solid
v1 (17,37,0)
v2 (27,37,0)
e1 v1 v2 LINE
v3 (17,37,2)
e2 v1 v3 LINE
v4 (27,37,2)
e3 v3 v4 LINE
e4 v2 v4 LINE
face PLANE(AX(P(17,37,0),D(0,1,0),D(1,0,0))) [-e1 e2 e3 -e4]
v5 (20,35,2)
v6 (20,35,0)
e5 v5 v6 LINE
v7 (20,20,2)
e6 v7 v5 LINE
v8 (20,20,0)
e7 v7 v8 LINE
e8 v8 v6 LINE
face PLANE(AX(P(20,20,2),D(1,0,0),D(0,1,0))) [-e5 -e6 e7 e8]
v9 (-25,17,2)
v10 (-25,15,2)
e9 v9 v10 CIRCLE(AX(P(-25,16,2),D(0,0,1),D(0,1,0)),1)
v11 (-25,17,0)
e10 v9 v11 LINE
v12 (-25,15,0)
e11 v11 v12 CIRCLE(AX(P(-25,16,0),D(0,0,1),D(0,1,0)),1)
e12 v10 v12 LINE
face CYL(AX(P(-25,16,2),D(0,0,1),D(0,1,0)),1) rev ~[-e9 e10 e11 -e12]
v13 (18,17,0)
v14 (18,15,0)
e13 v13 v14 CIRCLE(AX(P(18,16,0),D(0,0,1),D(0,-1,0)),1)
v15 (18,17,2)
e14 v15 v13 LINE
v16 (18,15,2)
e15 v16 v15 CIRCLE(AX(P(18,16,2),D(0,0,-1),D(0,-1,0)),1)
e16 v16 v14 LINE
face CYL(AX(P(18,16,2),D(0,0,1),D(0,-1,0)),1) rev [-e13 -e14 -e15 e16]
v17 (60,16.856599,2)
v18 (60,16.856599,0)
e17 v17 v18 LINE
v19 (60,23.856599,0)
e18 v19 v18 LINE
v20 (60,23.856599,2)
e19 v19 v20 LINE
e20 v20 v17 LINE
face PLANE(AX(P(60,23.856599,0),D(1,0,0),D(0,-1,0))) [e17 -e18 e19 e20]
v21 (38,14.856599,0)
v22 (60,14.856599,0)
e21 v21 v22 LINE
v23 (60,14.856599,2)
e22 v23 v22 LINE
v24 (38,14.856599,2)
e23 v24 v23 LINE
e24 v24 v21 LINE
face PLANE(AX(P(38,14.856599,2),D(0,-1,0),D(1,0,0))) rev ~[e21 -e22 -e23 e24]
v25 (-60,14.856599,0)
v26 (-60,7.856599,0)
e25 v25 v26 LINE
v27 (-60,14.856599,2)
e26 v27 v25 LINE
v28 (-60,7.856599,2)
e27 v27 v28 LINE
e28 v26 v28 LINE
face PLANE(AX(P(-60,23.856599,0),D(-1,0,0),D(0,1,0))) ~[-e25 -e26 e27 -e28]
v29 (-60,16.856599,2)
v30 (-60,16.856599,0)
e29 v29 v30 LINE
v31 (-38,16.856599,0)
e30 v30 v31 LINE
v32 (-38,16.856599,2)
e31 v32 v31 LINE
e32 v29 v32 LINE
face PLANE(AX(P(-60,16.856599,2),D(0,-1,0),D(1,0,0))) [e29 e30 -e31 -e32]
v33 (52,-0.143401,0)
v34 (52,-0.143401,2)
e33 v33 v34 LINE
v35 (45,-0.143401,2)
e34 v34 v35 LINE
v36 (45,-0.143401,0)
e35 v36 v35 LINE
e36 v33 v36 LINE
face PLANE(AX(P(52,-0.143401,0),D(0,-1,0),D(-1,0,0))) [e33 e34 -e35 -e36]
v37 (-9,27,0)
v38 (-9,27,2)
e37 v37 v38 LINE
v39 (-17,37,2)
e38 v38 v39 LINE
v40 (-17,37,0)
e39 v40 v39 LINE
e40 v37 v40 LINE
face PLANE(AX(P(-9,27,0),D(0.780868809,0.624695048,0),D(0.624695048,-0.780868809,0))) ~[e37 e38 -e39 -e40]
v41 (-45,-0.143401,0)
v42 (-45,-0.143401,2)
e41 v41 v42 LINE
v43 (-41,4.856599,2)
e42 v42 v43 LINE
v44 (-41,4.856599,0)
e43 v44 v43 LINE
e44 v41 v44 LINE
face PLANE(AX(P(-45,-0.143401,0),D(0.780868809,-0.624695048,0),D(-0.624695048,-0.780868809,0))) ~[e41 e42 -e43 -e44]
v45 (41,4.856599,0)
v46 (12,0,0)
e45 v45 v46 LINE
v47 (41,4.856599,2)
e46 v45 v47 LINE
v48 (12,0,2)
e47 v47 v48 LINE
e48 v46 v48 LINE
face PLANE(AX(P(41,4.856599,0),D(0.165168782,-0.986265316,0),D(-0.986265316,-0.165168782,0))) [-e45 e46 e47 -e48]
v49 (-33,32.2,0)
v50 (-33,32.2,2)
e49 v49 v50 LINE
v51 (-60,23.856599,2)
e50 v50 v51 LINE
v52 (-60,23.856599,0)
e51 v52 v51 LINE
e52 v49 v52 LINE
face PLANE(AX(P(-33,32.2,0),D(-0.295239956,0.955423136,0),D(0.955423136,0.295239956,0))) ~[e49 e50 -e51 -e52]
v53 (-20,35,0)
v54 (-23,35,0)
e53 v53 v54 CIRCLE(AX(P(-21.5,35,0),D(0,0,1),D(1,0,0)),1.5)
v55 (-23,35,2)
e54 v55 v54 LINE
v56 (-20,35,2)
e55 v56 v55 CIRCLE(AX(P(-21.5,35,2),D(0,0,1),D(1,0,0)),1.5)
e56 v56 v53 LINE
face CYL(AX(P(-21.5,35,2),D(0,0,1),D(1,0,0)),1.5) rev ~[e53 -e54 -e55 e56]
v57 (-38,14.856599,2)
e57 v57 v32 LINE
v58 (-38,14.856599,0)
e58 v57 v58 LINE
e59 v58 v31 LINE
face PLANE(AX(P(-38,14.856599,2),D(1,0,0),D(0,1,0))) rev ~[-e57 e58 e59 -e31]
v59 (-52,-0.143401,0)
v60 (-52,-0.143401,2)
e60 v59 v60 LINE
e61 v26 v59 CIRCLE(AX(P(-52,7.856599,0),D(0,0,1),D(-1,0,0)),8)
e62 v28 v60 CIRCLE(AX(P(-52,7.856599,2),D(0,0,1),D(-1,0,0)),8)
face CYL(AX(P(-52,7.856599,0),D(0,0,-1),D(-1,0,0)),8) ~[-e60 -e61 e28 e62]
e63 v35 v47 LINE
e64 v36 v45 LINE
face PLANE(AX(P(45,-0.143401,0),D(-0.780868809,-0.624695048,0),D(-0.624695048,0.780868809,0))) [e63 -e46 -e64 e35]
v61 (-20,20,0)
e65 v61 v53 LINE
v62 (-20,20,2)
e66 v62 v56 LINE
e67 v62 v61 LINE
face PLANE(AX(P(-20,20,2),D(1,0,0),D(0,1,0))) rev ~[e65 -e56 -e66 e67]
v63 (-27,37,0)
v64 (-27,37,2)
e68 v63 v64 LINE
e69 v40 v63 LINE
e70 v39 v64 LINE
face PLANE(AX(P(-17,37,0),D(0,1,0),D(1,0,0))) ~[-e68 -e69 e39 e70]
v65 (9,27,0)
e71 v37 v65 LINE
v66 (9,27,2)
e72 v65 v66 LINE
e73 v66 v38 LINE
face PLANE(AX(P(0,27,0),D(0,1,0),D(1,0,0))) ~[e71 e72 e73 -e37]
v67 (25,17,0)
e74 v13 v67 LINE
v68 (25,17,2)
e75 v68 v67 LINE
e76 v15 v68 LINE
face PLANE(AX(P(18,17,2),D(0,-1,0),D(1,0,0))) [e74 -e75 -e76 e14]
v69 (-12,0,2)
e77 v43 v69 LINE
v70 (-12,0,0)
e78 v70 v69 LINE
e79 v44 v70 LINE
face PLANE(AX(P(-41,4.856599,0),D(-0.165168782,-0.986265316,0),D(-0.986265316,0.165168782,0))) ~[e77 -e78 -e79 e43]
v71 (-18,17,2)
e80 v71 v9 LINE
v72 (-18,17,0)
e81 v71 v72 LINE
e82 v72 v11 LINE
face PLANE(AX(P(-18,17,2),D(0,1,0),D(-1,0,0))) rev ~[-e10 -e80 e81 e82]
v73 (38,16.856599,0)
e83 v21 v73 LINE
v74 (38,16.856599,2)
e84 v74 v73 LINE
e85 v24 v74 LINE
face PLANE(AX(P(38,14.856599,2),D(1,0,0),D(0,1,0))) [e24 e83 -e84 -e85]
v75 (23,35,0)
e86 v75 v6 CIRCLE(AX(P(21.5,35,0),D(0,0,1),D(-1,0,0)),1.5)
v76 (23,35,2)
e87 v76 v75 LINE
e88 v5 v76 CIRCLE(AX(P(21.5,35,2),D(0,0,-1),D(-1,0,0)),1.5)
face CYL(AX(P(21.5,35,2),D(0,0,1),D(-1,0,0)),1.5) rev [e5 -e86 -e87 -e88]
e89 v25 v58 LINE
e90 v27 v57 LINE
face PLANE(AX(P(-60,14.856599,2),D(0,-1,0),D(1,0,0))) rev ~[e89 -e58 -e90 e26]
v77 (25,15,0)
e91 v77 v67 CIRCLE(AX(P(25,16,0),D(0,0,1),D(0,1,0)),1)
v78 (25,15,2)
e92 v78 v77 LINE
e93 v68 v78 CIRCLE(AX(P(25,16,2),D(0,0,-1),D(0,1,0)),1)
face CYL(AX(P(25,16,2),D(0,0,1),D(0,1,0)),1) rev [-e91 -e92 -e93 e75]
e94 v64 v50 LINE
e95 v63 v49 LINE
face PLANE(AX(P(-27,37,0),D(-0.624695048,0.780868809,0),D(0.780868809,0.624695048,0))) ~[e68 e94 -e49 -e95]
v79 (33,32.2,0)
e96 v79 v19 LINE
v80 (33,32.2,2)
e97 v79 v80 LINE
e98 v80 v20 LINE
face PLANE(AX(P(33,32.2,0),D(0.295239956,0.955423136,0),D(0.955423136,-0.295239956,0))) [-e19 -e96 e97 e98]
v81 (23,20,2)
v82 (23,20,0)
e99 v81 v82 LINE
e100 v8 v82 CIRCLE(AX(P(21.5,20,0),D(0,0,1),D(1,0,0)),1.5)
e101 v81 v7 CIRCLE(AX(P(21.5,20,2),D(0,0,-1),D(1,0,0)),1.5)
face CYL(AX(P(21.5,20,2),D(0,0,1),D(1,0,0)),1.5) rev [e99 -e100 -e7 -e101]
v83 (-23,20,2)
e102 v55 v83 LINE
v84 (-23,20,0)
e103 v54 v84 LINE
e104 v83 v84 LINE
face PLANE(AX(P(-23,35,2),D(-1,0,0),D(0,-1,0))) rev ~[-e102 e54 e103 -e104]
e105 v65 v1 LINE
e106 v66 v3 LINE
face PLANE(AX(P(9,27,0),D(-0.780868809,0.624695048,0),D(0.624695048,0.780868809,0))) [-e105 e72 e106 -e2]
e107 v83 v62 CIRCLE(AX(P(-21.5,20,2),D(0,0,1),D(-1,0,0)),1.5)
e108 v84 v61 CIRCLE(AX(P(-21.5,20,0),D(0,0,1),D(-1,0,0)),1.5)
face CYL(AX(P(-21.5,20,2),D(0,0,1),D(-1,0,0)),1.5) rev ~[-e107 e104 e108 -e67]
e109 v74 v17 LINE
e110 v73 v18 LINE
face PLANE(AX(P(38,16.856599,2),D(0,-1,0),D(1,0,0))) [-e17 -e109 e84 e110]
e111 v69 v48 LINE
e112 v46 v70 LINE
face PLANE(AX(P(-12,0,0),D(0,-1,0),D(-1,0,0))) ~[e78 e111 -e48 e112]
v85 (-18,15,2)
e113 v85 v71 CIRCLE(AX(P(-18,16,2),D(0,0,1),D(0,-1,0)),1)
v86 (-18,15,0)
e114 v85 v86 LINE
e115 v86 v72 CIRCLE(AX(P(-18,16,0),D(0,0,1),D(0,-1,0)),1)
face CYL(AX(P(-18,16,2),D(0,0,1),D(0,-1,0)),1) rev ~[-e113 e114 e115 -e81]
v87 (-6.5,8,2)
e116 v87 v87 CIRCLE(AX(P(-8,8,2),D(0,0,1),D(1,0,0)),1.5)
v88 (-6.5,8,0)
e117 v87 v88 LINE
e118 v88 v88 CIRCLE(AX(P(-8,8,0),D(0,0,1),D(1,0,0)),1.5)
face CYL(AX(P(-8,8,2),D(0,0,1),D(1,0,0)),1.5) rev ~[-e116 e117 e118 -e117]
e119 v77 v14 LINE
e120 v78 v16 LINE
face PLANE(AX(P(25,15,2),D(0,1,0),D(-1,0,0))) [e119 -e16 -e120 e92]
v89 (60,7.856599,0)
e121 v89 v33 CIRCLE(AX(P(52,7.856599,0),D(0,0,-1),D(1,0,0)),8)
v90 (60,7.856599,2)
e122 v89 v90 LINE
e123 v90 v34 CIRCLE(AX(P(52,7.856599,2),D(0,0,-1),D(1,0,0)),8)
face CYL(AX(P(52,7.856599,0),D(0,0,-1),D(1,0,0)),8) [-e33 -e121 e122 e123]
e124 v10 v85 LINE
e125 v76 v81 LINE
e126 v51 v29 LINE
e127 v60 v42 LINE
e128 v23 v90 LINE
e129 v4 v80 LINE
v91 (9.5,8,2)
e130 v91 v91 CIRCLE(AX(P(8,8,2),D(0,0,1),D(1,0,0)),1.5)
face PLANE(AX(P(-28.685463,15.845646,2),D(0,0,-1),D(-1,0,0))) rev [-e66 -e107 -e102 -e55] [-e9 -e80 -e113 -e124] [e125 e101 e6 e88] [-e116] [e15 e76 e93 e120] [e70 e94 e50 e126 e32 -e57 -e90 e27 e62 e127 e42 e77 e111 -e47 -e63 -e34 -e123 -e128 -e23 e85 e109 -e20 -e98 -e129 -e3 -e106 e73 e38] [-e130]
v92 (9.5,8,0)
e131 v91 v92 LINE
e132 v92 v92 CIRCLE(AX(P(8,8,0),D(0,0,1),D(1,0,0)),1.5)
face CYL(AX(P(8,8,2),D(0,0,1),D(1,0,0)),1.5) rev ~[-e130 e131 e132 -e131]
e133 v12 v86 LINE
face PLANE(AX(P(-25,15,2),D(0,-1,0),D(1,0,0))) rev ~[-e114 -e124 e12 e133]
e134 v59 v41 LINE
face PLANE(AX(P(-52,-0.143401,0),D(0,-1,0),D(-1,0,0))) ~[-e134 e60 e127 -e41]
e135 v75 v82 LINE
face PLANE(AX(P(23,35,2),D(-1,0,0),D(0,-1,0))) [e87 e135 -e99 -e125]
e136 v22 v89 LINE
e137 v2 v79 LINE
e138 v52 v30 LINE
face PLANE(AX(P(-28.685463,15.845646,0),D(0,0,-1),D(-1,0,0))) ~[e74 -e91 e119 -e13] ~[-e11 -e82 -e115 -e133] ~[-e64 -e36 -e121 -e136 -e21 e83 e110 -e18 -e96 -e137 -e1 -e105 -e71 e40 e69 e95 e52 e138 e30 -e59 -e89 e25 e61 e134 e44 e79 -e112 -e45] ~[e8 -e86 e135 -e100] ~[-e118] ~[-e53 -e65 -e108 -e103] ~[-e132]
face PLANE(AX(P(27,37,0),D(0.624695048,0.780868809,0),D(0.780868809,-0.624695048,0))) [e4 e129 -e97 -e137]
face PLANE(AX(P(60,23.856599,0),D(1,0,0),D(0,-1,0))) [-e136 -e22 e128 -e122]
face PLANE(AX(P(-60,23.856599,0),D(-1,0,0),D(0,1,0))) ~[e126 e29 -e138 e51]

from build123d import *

# Parameters (mm, degrees)
RESSALTO_EXTRUS_O1_DEPTH = 2
ESBO_O2_R                = 1.5
ESBO_O2_W                = 22
ESBO_O2_H                = 2
CORTE_EXTRUS_O1_DEPTH    = 3


with BuildPart() as part:
    # Esboço1 → Ressalto-extrusão1 (new body)
    with BuildSketch(Plane.XY):
        with BuildLine():
            Line((52, -0.143401487), (45, -0.143401487))
            Line((45, -0.143401487), (41, 4.856598513))
            Line((41, 4.856598513), (12, 0))
            Line((12, 0), (0, 0))
            Line((0, 0), (0, 27))
            Line((0, 27), (9, 27))
            Line((9, 27), (17, 37))
            Line((17, 37), (27, 37))
            Line((27, 37), (33, 32.2))
            Line((33, 32.2), (60, 23.856598513))
            Line((60, 23.856598513), (60, 7.856598513))
            ThreePointArc((60, 7.856598513), (57.656854249, 2.199744264), (52, -0.143401487))
        make_face()
    ressalto_extrus_o1 = extrude(amount=RESSALTO_EXTRUS_O1_DEPTH)

    # Espelhar1: Ressalto-extrusão1 across plane
    add(ressalto_extrus_o1.mirror(Plane(origin=(0, 0, 0), x_dir=(0, 0, 1), z_dir=(1, 0, 0))))

    # Esboço2 → Corte-extrusão1 (cut, through all)
    with BuildSketch(Plane.XY.offset(2)):
        with Locations((8, 8)):
            Circle(ESBO_O2_R)
        with Locations((-8, 8)):
            Circle(ESBO_O2_R)
        with Locations((49, 15.856598513)):
            Rectangle(ESBO_O2_W, ESBO_O2_H)
        with BuildLine():
            Line((23, 35), (23, 20))
            ThreePointArc((23, 20), (21.5, 18.5), (20, 20))
            Line((20, 20), (20, 35))
            ThreePointArc((20, 35), (21.5, 36.5), (23, 35))
        make_face()
        with BuildLine():
            Line((25, 15), (18, 15))
            ThreePointArc((18, 15), (17, 16), (18, 17))
            Line((18, 17), (25, 17))
            ThreePointArc((25, 17), (26, 16), (25, 15))
        make_face()
        with BuildLine():
            Line((-23, 35), (-23, 20))
            ThreePointArc((-23, 20), (-21.5, 18.5), (-20, 20))
            Line((-20, 20), (-20, 35))
            ThreePointArc((-20, 35), (-21.5, 36.5), (-23, 35))
        make_face()
        with BuildLine():
            Line((-25, 15), (-18, 15))
            ThreePointArc((-18, 15), (-17, 16), (-18, 17))
            Line((-18, 17), (-25, 17))
            ThreePointArc((-25, 17), (-26, 16), (-25, 15))
        make_face()
        with Locations((-49, 15.856598513)):
            Rectangle(ESBO_O2_W, ESBO_O2_H)
    extrude(amount=-CORTE_EXTRUS_O1_DEPTH, mode=Mode.SUBTRACT)


solid = part.part
